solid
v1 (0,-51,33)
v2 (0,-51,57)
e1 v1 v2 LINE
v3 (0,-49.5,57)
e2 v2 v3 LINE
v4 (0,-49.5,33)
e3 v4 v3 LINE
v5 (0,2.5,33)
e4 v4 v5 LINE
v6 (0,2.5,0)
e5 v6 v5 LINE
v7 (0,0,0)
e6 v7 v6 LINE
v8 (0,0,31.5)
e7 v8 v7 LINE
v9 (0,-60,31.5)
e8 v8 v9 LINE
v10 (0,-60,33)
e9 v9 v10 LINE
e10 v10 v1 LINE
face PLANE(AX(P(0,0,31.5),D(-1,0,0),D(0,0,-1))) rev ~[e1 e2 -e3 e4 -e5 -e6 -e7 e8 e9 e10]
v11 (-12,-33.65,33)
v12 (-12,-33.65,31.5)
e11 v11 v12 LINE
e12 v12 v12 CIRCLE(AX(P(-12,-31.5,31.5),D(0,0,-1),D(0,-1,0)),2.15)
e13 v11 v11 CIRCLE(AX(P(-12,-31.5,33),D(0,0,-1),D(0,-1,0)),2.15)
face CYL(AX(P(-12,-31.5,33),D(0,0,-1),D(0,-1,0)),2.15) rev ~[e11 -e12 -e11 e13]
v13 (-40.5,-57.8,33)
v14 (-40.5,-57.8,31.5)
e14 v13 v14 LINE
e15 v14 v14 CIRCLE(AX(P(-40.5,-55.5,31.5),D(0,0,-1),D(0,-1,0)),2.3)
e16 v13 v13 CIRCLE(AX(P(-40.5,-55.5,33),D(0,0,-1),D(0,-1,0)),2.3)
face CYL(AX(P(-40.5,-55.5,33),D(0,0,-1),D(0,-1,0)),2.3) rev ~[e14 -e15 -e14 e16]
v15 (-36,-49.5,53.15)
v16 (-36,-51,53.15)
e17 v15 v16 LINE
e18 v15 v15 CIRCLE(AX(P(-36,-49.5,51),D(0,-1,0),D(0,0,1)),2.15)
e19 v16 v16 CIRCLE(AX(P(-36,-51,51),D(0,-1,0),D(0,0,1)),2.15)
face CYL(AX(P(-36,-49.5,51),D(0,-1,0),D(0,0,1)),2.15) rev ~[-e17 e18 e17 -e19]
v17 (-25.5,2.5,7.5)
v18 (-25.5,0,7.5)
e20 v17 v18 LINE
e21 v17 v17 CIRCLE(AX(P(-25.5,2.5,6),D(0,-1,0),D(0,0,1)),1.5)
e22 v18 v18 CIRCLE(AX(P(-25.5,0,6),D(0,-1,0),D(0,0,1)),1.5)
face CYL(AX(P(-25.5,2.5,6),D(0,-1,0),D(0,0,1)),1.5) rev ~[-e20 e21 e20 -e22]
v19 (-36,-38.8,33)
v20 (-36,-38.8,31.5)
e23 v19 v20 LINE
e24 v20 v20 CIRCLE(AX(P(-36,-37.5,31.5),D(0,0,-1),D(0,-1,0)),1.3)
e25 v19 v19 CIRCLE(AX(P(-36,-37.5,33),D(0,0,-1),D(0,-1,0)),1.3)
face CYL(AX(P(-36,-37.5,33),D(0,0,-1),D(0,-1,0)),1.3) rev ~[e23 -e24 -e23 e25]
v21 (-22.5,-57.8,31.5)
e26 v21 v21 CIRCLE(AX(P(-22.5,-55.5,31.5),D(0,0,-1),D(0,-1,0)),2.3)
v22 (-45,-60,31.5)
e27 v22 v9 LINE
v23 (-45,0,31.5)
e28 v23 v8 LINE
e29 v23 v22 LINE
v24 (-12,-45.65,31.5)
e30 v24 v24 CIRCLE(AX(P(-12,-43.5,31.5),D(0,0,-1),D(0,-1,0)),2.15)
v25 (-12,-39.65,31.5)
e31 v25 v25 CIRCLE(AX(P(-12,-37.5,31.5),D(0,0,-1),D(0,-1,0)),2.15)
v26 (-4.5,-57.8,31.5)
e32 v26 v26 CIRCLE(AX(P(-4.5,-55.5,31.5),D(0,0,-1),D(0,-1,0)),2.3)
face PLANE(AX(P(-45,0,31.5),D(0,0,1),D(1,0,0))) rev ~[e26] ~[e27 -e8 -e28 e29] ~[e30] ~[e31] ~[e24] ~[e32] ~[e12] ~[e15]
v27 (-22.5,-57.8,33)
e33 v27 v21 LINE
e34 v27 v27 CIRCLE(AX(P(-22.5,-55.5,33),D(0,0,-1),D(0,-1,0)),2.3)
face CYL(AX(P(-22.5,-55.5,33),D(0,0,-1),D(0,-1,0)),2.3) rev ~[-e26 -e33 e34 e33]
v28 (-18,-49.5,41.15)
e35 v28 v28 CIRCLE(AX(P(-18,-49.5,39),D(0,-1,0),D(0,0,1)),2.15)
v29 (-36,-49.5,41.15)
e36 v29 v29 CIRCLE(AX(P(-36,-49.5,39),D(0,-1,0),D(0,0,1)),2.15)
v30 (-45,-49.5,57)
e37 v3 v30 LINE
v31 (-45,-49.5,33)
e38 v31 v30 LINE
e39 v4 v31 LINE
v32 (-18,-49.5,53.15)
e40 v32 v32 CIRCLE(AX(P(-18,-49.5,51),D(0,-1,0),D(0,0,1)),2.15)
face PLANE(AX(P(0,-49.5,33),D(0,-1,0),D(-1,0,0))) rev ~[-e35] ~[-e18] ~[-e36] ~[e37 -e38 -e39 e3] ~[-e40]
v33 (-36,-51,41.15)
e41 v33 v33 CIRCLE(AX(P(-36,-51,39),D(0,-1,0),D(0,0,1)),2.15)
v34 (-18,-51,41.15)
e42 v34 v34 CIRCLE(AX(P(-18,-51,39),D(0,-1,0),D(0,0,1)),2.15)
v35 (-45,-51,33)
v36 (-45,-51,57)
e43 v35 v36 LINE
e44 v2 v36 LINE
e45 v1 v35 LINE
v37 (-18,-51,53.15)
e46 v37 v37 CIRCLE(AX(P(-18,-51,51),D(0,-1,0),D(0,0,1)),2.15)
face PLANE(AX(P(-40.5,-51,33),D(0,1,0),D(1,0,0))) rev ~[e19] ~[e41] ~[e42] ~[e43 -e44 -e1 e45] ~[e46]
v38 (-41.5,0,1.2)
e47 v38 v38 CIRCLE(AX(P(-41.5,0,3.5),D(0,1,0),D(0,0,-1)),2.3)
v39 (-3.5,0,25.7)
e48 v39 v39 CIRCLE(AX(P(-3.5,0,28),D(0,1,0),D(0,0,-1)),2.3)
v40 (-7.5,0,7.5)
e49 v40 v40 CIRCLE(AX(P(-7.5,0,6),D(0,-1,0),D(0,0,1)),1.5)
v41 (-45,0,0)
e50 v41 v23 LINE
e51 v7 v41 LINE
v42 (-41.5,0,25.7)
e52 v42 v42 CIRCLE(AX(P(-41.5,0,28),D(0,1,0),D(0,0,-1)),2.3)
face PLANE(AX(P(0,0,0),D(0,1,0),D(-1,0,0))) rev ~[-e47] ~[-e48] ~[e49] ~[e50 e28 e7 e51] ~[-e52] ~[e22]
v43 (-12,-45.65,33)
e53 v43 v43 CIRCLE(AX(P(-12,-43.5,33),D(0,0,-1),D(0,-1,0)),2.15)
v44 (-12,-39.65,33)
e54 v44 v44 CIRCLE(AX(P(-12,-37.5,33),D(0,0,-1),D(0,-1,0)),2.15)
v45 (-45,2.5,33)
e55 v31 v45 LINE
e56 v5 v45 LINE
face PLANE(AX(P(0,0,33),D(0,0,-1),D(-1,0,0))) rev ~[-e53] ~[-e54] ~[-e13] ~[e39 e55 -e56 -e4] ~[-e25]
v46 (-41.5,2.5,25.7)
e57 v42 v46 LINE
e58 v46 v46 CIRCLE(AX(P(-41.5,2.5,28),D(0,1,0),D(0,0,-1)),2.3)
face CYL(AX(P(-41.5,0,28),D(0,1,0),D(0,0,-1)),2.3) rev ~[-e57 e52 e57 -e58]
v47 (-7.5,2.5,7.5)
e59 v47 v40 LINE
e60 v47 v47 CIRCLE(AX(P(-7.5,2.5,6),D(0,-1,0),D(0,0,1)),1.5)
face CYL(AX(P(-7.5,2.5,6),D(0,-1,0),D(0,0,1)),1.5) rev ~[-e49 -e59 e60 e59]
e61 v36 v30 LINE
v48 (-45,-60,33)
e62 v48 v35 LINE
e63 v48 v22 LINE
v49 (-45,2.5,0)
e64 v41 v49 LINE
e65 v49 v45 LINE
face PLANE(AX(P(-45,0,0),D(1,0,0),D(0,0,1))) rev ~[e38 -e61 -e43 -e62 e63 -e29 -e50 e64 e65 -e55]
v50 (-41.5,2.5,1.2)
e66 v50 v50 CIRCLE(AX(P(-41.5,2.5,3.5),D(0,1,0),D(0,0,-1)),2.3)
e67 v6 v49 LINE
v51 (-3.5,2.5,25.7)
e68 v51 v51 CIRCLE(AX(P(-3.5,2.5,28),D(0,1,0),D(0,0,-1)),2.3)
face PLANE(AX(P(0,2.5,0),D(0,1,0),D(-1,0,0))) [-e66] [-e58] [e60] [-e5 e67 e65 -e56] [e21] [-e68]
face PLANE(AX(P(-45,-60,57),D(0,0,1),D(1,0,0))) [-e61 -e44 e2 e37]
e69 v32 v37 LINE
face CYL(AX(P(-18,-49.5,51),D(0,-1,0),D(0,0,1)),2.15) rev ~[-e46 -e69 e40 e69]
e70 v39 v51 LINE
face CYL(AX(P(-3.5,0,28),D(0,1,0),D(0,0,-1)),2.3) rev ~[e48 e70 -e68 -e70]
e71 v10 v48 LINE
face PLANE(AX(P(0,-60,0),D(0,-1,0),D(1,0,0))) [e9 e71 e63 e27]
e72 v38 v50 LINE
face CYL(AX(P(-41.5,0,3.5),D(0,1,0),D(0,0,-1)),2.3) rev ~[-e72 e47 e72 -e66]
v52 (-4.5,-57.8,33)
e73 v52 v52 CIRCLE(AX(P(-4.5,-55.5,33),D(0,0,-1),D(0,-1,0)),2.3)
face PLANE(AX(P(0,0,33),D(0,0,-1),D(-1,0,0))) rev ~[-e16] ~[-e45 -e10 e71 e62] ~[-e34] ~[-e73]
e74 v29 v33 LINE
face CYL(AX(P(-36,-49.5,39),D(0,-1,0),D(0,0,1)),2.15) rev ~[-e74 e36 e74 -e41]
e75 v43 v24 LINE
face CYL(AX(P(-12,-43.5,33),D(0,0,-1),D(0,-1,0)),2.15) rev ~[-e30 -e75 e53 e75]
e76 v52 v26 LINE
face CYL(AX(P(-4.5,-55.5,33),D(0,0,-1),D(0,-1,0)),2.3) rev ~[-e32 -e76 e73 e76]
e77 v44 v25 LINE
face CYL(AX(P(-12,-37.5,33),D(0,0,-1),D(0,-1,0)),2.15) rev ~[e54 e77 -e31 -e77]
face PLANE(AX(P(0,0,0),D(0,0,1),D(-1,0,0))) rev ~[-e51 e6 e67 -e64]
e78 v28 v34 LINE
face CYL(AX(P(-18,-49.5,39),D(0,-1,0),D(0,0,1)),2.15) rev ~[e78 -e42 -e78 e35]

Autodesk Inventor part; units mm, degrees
ref_plane "YZ Plane" through (0, 0, 0) normal (1, 0, 0) x (0, 1, 0)
ref_plane "XZ Plane" through (0, 0, 0) normal (0, 1, 0) x (-1, 0, 0)
ref_plane "XY Plane" through (0, 0, 0) normal (0, 0, 1) x (1, 0, 0)
sketch "Sketch1" plane through (0, 0, 0) normal (0, 1, 0) x (-1, 0, 0)
  line L0 (0, 0) -> (45, 0)
  line L1 (45, 0) -> (45, 31.5)
  line L2 (45, 31.5) -> (0, 31.5)
  line L3 (0, 31.5) -> (0, 0)
  dimension "d0" = 45
  dimension "d1" = 31.5
extrude "Extrusion1" add sketch "Sketch1" along normal blind 2.5
sketch "Sketch2" plane through (0, 0, 0) normal (0, -1, 0) x (1, 0, 0)
  line L0 (-45, 0) -> (-45, 31.5) projected
  line L1 (-45, 31.5) -> (0, 31.5)
  line L2 (0, 31.5) -> (0, 33)
  line L3 (0, 33) -> (-45, 33)
  line L4 (-45, 33) -> (-45, 31.5)
  point P0 (0, 0)
  dimension "d4" = 45
  dimension "d5" = 1.5
extrude "Extrusion2" add sketch "Sketch2" along normal blind 60 and the other way blind 2.5
sketch "Sketch4" plane through (0, 0, 0) normal (0, -1, 0) x (1, 0, 0)
  circle A0 centre (-3.5, 28) radius 2.3
  line L0 (-45, 31.5) -> (0, 31.5) projected
  line L1 (0, 31.5) -> (0, 0) projected
  line L2 (0, 0) -> (-45, 0) projected
  circle A1 centre (-41.5, 28) radius 2.3
  line L3 (-45, 0) -> (-45, 31.5) projected
  circle A2 centre (-41.5, 3.5) radius 2.3
  dimension "d10" = 4.6
  dimension "d11" = 3.5
  dimension "d12" = 3.5
  dimension "d16" = 4.6
  dimension "d17" = 3.5
  dimension "d18" = 3.5
  dimension "d19" = 4.6
  dimension "d20" = 3.5
  dimension "d21" = 3.5
hole "Hole1" at (-3.5, 0, 28) at (-41.5, 0, 28) at (-41.5, 0, 3.5) direction (0, 1, 0) diameter 4.6 end through all
sketch "Sketch5" plane through (-45, -60, 33) normal (0, 0, 1) x (1, 0, 0)
  circle A0 centre (4.5, 4.5) radius 2.15
  line L0 (45, 0) -> (0, 0) projected
  line L1 (0, 62.5) -> (0, 0) projected
  circle A1 centre (40.5, 4.5) radius 2.15
  line L2 (45, 62.5) -> (45, 0) projected
  circle A2 centre (22.5, 4.5) radius 2.15
  point P0 (45, 60)
  dimension "d29" = 4.3
  dimension "d30" = 4.5
  dimension "d31" = 4.5
  dimension "d32" = 4.3
  dimension "d33" = 4.5
  dimension "d34" = 4.5
  dimension "d35" = 4.3
hole "Hole2" at (-40.5, -55.5, 33) at (-4.5, -55.5, 33) at (-22.5, -55.5, 33) direction (0, 0, -1) diameter 4.6 end through all
sketch "Sketch6" plane through (-45, -60, 33) normal (0, 0, 1) x (1, 0, 0)
  circle A0 centre (4.5, 4.5) radius 2.3 projected
  line L0 (4.5, 4.5) -> (4.5, 9)
  line L1 (0, 0) -> (0, 60) projected
  line L2 (0, 9) -> (45, 9)
  line L3 (45, 9) -> (45, 10.5)
  line L4 (45, 60) -> (45, 0) projected
  line L5 (45, 10.5) -> (0, 10.5)
  line L6 (0, 10.5) -> (0, 9)
  dimension "d43" = 4.5
  dimension "d44" = 1.5
extrude "Extrusion3" add sketch "Sketch6" along normal blind 24 contours L2 L1 L5 L3
sketch "Sketch7" plane through (-45, 2.5, 33) normal (0, 0, 1) x (1, 0, 0)
  circle A0 centre (9, -40) radius 1.3
  line L0 (0, 0) -> (0, -52) projected
  line L1 (45, -52) -> (0, -52) projected
  circle A1 centre (33, -40) radius 2.15
  circle A2 centre (33, -34) radius 2.15
  circle A3 centre (33, -46) radius 2.15
  point P0 (45, -2.5)
  dimension "d47" = 2.6
  dimension "d48" = 9
  dimension "d49" = 12
  dimension "d50" = 4.3
  dimension "d51" = 24
  dimension "d52" = 4.3
  dimension "d53" = 6
  dimension "d54" = 4.3
  dimension "d55" = 6
hole "Hole3" at (-12, -31.5, 33) at (-12, -37.5, 33) at (-12, -43.5, 33) direction (0, 0, -1) diameter 4.3 end through all
sketch "Sketch8" plane through (-45, 2.5, 33) normal (0, 0, 1) x (1, 0, 0)
  circle A0 centre (33, -40) radius 2.15 projected
  line L0 (0, 0) -> (0, -52) projected
  circle A1 centre (9, -40) radius 1.3
  point P0 (45, -2.5)
  dimension "d89" = 2.6
  dimension "d91" = 9
hole "Hole4" at (-12, -37.5, 33) at (-36, -37.5, 33) direction (0, 0, -1) diameter 2.6 end through all
sketch "Sketch9" plane through (-45, -49.5, 33) normal (0, 1, 0) x (1, 0, 0)
  circle A0 centre (9, -6) radius 2.15
  line L0 (0, 0) -> (45, 0) projected
  line L1 (0, 0) -> (0, -24) projected
  circle A1 centre (9, -18) radius 2.15
  circle A2 centre (27, -18) radius 2.15
  circle A3 centre (27, -6) radius 2.15
  point P0 (45, 33)
  dimension "d73" = 4.3
  dimension "d74" = 6
  dimension "d75" = 9
  dimension "d76" = 4.3
  dimension "d77" = 12
  dimension "d78" = 4.3
  dimension "d79" = 18
  dimension "d80" = 4.3
  dimension "d104" = 18
  dimension "d105" = 9
hole "Hole5" at (-36, -49.5, 39) at (-36, -49.5, 51) at (-18, -49.5, 51) at (-18, -49.5, 39) direction (0, -1, 0) diameter 4.3 end through all
sketch "Sketch10" plane through (0, 2.5, 0) normal (0, 1, 0) x (1, 0, 0)
  circle A0 centre (-7.5, -6) radius 1.5
  line L0 (0, 0) -> (-45, 0) projected
  line L1 (0, -33) -> (0, 0) projected
  circle A1 centre (-25.5, -6) radius 1.5
  dimension "d92" = 3
  dimension "d93" = 6
  dimension "d94" = 7.5
  dimension "d95" = 3
  dimension "d96" = 18
hole "Hole6" at (-25.5, 2.5, 6) at (-7.5, 2.5, 6) direction (0, -1, 0) diameter 3 end through all
properties part number "TrolleyLeftPlate1"
